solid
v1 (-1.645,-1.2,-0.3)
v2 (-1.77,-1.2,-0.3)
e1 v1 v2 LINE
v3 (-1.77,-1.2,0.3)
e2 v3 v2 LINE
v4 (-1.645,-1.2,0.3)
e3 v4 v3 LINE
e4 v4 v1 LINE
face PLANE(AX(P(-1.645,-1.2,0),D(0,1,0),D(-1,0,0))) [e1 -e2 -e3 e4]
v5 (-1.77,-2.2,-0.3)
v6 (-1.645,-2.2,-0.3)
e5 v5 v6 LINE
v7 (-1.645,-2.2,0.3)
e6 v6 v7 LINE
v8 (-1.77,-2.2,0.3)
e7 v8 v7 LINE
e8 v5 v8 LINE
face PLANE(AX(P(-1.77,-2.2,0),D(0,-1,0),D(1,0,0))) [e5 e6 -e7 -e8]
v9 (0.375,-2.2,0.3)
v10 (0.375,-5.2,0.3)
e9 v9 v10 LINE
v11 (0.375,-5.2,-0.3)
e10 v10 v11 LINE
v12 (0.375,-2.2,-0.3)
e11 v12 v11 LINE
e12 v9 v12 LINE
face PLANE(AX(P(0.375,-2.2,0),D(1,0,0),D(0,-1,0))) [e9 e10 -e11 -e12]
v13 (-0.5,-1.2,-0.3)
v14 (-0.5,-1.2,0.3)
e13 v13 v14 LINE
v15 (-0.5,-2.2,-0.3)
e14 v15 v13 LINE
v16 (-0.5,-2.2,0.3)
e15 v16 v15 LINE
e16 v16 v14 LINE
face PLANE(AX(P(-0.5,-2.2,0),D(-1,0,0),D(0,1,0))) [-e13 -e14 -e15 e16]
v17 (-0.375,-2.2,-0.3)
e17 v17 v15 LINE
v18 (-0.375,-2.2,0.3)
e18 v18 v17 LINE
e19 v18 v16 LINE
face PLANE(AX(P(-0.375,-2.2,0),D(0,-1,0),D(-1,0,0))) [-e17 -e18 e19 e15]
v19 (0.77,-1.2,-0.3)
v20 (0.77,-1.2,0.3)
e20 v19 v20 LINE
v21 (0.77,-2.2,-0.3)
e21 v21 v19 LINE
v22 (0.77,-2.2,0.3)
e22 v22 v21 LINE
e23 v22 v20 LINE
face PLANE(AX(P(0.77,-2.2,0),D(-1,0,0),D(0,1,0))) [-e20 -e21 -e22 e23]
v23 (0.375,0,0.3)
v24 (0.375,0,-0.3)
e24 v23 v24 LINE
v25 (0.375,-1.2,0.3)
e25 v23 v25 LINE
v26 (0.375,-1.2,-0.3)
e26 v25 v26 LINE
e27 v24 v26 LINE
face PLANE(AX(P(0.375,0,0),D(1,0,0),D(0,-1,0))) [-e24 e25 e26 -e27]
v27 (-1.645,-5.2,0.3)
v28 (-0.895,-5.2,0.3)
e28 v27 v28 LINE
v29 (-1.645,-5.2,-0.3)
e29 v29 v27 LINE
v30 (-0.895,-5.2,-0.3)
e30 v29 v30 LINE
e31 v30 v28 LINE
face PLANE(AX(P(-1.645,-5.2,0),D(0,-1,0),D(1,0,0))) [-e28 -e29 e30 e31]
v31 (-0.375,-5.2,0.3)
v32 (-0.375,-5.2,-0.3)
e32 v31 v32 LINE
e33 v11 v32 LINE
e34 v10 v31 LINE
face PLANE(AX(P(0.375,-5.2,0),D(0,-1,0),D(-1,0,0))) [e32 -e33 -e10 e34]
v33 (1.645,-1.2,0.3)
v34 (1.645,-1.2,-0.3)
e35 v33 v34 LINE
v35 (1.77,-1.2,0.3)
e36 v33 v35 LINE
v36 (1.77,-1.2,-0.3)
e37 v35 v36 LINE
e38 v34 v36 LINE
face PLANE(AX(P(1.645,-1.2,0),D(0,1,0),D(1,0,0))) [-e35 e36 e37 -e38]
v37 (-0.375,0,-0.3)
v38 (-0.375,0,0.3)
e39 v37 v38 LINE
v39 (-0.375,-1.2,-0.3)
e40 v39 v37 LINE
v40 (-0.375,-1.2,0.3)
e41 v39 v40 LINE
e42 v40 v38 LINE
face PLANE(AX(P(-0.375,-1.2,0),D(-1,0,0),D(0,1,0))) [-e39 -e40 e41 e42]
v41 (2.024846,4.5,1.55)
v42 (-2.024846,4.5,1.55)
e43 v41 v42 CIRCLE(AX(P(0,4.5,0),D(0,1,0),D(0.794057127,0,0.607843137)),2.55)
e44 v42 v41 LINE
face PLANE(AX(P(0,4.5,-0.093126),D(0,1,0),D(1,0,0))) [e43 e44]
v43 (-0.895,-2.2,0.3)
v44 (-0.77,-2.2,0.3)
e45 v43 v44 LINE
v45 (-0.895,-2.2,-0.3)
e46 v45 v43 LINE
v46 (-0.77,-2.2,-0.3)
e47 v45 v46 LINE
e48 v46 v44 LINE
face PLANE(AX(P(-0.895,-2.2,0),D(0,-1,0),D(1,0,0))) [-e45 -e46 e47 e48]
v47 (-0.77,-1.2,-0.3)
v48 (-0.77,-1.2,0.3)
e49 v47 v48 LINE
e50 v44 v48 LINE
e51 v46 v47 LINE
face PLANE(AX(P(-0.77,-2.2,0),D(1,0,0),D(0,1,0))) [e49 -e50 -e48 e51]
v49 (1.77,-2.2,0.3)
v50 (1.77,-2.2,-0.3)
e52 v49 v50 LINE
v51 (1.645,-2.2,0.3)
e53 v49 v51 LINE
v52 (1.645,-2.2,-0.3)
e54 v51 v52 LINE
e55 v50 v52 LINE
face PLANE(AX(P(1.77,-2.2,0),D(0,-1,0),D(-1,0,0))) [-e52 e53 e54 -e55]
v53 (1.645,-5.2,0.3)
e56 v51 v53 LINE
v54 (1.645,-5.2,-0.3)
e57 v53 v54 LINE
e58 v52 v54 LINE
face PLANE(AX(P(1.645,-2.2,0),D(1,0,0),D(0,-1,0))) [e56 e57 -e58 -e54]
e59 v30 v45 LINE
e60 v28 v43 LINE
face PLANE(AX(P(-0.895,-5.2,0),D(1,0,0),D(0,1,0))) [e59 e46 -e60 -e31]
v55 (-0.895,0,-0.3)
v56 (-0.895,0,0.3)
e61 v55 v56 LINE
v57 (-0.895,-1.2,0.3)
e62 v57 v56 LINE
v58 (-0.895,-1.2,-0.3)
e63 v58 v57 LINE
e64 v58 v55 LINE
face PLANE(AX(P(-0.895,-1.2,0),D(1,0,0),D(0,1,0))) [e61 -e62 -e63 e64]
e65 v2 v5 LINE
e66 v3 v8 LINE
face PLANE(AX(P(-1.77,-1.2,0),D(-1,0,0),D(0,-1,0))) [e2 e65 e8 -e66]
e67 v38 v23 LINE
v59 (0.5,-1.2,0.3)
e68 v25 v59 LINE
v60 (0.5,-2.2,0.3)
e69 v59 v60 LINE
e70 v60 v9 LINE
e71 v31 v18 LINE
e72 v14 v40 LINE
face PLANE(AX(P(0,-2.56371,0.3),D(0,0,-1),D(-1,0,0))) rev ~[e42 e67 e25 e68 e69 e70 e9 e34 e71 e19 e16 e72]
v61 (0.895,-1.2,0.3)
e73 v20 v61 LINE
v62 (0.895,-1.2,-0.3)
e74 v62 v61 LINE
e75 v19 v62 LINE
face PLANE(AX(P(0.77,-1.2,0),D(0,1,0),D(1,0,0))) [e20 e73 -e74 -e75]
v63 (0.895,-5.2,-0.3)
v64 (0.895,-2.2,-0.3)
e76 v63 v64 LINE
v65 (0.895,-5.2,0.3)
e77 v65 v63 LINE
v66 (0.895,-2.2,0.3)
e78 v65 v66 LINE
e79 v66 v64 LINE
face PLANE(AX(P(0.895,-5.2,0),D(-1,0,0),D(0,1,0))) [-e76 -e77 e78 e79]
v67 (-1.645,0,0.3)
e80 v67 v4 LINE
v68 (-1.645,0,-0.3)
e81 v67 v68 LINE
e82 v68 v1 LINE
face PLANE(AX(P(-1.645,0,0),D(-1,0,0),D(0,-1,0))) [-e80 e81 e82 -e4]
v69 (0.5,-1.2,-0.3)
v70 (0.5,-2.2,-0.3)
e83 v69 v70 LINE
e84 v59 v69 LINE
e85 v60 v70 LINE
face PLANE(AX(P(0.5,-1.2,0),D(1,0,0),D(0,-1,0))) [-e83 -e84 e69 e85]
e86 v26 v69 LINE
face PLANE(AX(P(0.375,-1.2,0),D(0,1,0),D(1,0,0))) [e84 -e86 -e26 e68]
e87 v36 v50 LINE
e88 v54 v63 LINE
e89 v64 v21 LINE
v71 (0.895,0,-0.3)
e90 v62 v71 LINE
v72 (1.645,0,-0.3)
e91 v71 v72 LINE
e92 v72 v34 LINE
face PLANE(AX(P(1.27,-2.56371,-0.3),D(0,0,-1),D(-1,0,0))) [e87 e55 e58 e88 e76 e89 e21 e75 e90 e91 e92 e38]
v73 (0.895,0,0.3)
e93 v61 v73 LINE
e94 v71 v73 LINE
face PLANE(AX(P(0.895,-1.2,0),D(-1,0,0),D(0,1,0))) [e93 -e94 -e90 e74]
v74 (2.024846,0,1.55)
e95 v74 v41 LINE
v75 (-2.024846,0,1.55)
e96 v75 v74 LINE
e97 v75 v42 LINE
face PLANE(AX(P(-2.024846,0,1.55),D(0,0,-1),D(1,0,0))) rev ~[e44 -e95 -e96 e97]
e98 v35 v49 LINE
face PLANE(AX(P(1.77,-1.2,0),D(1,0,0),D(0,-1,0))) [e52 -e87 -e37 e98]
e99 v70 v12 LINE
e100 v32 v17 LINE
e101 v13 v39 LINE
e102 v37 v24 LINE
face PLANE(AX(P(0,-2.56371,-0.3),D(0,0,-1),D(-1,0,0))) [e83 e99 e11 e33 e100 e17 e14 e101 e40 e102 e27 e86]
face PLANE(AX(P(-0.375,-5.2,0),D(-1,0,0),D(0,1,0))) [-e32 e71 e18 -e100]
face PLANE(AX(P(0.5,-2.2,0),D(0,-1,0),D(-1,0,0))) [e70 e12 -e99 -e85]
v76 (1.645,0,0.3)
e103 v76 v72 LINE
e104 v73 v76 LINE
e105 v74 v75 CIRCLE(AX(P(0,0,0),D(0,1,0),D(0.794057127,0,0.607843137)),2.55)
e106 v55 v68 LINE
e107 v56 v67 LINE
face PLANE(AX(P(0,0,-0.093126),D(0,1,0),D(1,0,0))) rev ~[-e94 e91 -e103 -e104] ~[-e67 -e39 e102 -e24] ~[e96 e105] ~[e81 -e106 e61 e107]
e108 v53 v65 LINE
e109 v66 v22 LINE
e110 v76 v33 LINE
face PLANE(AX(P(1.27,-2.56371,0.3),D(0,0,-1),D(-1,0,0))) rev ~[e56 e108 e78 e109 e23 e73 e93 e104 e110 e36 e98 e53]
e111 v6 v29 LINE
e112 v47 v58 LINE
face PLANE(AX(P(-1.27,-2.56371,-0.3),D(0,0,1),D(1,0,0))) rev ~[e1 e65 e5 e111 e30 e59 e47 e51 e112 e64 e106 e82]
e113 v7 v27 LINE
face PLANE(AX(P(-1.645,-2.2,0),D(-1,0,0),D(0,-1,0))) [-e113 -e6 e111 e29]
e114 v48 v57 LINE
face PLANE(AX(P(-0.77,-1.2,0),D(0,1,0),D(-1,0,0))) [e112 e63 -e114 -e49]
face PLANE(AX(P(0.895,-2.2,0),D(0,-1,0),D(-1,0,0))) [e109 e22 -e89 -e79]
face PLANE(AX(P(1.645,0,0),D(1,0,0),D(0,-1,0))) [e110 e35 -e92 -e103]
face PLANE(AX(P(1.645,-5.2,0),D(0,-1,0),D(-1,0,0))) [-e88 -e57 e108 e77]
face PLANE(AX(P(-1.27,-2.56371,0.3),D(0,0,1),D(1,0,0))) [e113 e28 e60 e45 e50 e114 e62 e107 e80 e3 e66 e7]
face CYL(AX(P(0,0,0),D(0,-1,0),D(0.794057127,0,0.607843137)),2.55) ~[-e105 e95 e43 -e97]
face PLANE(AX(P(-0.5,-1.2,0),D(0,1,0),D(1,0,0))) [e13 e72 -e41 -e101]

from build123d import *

# Parameters (mm, degrees)
EXTRUDE_1_DEPTH = 4.5
EXTRUDE_2_DEPTH = 0.3


with BuildPart() as part:
    # Эскиз1 → Бобышка-Вытянуть1 (new body)
    with BuildSketch(Plane(origin=(0, 0, 0), x_dir=(1, 0, 0), z_dir=(0, 1, 0))):
        with BuildLine():
            Line((-2.024845673, -1.55), (2.024845673, -1.55))
            ThreePointArc((2.024845673, -1.55), (0, 2.55), (-2.024845673, -1.55))
        make_face()
    extrude(amount=EXTRUDE_1_DEPTH)

    # Эскиз3 → Бобышка-Вытянуть2 (add, symmetric)
    with BuildSketch(Plane.XY):
        Polygon((-0.375, 0), (0.375, 0), (0.375, -1.2), (0.5, -1.2), (0.5, -2.2), (0.375, -2.2), (0.375, -5.2), (-0.375, -5.2), (-0.375, -2.2), (-0.5, -2.2), (-0.5, -1.2), (-0.375, -1.2), align=None)
        Polygon((0.895, 0), (1.645, 0), (1.645, -1.2), (1.77, -1.2), (1.77, -2.2), (1.645, -2.2), (1.645, -5.2), (0.895, -5.2), (0.895, -2.2), (0.77, -2.2), (0.77, -1.2), (0.895, -1.2), align=None)
        Polygon((-1.77, -1.2), (-1.77, -2.2), (-1.645, -2.2), (-1.645, -5.2), (-0.895, -5.2), (-0.895, -2.2), (-0.77, -2.2), (-0.77, -1.2), (-0.895, -1.2), (-0.895, 0), (-1.645, 0), (-1.645, -1.2), align=None)
    extrude(amount=EXTRUDE_2_DEPTH, both=True)


solid = part.part
